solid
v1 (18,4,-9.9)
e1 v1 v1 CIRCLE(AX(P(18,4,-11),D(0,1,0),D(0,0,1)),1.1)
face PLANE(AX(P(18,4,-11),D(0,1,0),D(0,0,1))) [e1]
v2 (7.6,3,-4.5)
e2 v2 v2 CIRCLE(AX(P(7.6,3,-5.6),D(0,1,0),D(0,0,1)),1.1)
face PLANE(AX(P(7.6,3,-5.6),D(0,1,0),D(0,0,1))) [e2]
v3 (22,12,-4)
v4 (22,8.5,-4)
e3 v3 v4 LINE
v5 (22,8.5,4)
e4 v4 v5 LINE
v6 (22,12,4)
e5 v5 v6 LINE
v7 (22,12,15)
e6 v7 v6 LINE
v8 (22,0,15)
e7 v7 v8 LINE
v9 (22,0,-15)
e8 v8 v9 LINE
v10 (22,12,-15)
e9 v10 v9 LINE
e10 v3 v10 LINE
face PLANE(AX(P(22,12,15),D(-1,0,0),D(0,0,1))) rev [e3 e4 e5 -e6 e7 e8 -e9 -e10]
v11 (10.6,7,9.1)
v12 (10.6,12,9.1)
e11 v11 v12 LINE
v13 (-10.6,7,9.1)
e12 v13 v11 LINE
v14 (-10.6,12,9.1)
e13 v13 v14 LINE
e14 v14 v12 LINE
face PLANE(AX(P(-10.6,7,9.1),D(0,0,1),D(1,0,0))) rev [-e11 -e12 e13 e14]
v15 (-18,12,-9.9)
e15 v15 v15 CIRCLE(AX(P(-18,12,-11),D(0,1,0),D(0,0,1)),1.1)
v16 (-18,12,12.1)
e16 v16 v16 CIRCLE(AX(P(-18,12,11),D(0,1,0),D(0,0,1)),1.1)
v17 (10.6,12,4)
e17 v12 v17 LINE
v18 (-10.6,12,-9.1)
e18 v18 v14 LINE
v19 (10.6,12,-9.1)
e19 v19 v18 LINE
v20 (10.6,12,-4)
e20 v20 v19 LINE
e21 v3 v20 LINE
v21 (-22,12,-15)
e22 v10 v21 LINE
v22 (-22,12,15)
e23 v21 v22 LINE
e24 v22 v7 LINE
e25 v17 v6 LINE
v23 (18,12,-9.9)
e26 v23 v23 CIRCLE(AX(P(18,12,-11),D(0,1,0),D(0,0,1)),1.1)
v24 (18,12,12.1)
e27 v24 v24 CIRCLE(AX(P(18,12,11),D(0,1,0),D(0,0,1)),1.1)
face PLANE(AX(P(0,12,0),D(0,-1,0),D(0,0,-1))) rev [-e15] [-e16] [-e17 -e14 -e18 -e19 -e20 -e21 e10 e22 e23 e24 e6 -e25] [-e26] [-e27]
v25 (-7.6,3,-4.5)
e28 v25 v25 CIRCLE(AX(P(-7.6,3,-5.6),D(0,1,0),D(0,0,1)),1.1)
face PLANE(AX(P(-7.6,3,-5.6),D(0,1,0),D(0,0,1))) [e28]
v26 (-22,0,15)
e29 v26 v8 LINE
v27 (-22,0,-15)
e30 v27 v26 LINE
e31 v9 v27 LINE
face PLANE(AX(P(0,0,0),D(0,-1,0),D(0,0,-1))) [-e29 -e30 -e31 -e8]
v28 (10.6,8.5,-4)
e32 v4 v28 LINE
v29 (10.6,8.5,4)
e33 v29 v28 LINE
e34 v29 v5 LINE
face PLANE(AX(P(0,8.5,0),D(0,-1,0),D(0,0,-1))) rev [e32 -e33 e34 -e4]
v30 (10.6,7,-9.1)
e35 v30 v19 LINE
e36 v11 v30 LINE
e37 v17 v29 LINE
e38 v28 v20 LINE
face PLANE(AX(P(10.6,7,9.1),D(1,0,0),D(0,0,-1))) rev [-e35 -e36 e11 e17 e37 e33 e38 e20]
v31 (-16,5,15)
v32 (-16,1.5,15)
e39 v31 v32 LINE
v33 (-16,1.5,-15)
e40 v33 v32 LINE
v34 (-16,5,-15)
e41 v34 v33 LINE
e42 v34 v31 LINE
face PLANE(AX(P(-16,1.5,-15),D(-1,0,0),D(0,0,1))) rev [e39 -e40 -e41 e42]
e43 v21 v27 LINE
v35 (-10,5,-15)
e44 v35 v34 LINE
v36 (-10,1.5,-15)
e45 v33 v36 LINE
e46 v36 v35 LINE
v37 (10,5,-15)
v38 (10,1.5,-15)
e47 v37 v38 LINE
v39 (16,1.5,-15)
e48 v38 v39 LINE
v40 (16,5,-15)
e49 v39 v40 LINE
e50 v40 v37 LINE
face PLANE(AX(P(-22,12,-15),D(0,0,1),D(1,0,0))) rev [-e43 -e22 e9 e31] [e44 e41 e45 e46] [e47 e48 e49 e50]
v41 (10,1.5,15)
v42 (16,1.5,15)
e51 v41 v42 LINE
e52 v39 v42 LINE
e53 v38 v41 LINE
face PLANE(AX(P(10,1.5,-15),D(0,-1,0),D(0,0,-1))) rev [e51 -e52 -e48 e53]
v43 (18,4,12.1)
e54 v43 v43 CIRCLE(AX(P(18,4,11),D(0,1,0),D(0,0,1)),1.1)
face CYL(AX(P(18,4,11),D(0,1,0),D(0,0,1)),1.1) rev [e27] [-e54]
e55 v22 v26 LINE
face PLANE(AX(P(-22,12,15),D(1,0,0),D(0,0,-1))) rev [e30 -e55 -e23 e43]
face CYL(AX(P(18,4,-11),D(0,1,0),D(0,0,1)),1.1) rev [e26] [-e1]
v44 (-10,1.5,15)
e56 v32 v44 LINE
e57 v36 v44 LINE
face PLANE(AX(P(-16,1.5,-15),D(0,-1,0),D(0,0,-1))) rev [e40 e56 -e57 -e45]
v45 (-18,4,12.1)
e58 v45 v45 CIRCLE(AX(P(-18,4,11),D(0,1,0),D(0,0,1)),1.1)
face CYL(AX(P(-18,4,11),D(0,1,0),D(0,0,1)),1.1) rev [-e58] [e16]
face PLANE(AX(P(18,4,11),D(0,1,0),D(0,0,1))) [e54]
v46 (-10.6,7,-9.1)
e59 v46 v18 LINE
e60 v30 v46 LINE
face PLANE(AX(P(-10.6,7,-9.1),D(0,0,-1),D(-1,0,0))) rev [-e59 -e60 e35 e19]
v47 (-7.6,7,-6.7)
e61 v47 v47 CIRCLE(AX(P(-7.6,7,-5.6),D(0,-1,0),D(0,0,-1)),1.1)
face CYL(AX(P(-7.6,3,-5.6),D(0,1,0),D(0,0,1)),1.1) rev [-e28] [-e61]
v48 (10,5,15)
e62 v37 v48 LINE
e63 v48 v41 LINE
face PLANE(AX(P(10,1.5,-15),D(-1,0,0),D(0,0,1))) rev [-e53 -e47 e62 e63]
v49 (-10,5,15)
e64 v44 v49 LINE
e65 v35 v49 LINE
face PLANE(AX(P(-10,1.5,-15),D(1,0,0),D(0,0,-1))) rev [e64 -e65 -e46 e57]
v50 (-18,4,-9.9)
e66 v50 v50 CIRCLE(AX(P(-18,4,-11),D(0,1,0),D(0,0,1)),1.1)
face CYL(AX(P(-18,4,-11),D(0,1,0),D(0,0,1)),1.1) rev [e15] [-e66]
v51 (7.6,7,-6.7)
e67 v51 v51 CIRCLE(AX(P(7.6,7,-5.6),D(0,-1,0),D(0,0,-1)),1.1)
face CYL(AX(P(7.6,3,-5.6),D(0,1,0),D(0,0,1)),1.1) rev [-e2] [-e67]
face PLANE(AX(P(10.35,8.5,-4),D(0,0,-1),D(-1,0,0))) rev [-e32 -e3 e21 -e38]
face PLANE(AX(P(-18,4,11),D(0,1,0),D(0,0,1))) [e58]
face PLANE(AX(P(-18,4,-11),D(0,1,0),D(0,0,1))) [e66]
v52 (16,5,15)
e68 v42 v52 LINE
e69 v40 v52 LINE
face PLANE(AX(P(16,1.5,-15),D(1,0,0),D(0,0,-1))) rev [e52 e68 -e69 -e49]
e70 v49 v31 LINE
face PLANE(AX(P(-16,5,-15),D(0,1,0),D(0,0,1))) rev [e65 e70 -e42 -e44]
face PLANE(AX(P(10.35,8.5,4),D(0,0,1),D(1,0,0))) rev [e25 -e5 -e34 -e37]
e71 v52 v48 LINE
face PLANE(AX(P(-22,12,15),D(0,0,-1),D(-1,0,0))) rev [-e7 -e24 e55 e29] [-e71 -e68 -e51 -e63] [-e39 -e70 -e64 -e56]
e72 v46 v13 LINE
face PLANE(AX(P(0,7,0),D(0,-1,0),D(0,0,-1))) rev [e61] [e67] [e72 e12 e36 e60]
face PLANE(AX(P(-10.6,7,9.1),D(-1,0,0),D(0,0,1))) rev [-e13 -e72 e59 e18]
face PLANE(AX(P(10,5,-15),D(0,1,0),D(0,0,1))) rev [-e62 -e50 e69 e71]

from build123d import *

# Parameters (mm, degrees)
SKETCH1_W               = 44
SKETCH1_H               = 30
POD_BODY_DEPTH          = 12
SKETCH2_W               = 21.2
SKETCH2_H               = 18.2
BOARD_POCKET_DEPTH      = 5
SKETCH3_R               = 1.1
BOARD_PILOT_HOLES_DEPTH = 9
SKETCH4_R               = 1.1
LID_PILOT_HOLES_DEPTH   = 8
SKETCH5_W               = 12.65
SKETCH5_H               = 8
CABLE_EXIT_DEPTH        = 3.5
STRAP_SLOTS_DEPTH       = 30.206163733
STRAP_SLOTS_DEPTH_BACK  = 30.206163733
SKETCH7_W               = 6
SKETCH7_H               = 3.5


with BuildPart() as part:
    # Sketch1 → Pod Body (new body)
    with BuildSketch(Plane(origin=(0, 0, 0), x_dir=(1, 0, 0), z_dir=(0, 1, 0))):
        Rectangle(SKETCH1_W, SKETCH1_H)
    extrude(amount=POD_BODY_DEPTH)

    # Sketch2 → Board Pocket (cut)
    with BuildSketch(Plane(origin=(0, 12, 0), x_dir=(1, 0, 0), z_dir=(0, 1, 0))):
        Rectangle(SKETCH2_W, SKETCH2_H)
    extrude(amount=-BOARD_POCKET_DEPTH, mode=Mode.SUBTRACT)

    # Sketch3 → Board Pilot Holes (cut)
    with BuildSketch(Plane(origin=(0, 12, 0), x_dir=(1, 0, 0), z_dir=(0, 1, 0))):
        with Locations(Location((-7.6, 5.6, 0), (0, 0, 270))):
            Circle(SKETCH3_R)
        with Locations(Location((7.6, 5.6, 0), (0, 0, 270))):
            Circle(SKETCH3_R)
    extrude(amount=-BOARD_PILOT_HOLES_DEPTH, mode=Mode.SUBTRACT)

    # Sketch4 → Lid Pilot Holes (cut)
    with BuildSketch(Plane(origin=(0, 12, 0), x_dir=(1, 0, 0), z_dir=(0, 1, 0))):
        with Locations(Location((-18, -11, 0), (0, 0, 270))):
            Circle(SKETCH4_R)
        with Locations(Location((-18, 11, 0), (0, 0, 270))):
            Circle(SKETCH4_R)
        with Locations(Location((18, -11, 0), (0, 0, 270))):
            Circle(SKETCH4_R)
        with Locations(Location((18, 11, 0), (0, 0, 270))):
            Circle(SKETCH4_R)
    extrude(amount=-LID_PILOT_HOLES_DEPTH, mode=Mode.SUBTRACT)

    # Sketch5 → Cable Exit (cut)
    with BuildSketch(Plane(origin=(0, 12, 0), x_dir=(1, 0, 0), z_dir=(0, 1, 0))):
        with Locations((16.675, 0)):
            Rectangle(SKETCH5_W, SKETCH5_H)
    extrude(amount=-CABLE_EXIT_DEPTH, mode=Mode.SUBTRACT)

    # Sketch7 → Strap Slots (cut, two sides: drawn at the far end of the back side and taken through both)
    with BuildSketch(Plane.XY.offset(-STRAP_SLOTS_DEPTH_BACK)):
        with Locations((-13, 3.25)):
            Rectangle(SKETCH7_W, SKETCH7_H)
        with Locations((13, 3.25)):
            Rectangle(SKETCH7_W, SKETCH7_H)
    extrude(amount=STRAP_SLOTS_DEPTH + STRAP_SLOTS_DEPTH_BACK, mode=Mode.SUBTRACT)


solid = part.part
